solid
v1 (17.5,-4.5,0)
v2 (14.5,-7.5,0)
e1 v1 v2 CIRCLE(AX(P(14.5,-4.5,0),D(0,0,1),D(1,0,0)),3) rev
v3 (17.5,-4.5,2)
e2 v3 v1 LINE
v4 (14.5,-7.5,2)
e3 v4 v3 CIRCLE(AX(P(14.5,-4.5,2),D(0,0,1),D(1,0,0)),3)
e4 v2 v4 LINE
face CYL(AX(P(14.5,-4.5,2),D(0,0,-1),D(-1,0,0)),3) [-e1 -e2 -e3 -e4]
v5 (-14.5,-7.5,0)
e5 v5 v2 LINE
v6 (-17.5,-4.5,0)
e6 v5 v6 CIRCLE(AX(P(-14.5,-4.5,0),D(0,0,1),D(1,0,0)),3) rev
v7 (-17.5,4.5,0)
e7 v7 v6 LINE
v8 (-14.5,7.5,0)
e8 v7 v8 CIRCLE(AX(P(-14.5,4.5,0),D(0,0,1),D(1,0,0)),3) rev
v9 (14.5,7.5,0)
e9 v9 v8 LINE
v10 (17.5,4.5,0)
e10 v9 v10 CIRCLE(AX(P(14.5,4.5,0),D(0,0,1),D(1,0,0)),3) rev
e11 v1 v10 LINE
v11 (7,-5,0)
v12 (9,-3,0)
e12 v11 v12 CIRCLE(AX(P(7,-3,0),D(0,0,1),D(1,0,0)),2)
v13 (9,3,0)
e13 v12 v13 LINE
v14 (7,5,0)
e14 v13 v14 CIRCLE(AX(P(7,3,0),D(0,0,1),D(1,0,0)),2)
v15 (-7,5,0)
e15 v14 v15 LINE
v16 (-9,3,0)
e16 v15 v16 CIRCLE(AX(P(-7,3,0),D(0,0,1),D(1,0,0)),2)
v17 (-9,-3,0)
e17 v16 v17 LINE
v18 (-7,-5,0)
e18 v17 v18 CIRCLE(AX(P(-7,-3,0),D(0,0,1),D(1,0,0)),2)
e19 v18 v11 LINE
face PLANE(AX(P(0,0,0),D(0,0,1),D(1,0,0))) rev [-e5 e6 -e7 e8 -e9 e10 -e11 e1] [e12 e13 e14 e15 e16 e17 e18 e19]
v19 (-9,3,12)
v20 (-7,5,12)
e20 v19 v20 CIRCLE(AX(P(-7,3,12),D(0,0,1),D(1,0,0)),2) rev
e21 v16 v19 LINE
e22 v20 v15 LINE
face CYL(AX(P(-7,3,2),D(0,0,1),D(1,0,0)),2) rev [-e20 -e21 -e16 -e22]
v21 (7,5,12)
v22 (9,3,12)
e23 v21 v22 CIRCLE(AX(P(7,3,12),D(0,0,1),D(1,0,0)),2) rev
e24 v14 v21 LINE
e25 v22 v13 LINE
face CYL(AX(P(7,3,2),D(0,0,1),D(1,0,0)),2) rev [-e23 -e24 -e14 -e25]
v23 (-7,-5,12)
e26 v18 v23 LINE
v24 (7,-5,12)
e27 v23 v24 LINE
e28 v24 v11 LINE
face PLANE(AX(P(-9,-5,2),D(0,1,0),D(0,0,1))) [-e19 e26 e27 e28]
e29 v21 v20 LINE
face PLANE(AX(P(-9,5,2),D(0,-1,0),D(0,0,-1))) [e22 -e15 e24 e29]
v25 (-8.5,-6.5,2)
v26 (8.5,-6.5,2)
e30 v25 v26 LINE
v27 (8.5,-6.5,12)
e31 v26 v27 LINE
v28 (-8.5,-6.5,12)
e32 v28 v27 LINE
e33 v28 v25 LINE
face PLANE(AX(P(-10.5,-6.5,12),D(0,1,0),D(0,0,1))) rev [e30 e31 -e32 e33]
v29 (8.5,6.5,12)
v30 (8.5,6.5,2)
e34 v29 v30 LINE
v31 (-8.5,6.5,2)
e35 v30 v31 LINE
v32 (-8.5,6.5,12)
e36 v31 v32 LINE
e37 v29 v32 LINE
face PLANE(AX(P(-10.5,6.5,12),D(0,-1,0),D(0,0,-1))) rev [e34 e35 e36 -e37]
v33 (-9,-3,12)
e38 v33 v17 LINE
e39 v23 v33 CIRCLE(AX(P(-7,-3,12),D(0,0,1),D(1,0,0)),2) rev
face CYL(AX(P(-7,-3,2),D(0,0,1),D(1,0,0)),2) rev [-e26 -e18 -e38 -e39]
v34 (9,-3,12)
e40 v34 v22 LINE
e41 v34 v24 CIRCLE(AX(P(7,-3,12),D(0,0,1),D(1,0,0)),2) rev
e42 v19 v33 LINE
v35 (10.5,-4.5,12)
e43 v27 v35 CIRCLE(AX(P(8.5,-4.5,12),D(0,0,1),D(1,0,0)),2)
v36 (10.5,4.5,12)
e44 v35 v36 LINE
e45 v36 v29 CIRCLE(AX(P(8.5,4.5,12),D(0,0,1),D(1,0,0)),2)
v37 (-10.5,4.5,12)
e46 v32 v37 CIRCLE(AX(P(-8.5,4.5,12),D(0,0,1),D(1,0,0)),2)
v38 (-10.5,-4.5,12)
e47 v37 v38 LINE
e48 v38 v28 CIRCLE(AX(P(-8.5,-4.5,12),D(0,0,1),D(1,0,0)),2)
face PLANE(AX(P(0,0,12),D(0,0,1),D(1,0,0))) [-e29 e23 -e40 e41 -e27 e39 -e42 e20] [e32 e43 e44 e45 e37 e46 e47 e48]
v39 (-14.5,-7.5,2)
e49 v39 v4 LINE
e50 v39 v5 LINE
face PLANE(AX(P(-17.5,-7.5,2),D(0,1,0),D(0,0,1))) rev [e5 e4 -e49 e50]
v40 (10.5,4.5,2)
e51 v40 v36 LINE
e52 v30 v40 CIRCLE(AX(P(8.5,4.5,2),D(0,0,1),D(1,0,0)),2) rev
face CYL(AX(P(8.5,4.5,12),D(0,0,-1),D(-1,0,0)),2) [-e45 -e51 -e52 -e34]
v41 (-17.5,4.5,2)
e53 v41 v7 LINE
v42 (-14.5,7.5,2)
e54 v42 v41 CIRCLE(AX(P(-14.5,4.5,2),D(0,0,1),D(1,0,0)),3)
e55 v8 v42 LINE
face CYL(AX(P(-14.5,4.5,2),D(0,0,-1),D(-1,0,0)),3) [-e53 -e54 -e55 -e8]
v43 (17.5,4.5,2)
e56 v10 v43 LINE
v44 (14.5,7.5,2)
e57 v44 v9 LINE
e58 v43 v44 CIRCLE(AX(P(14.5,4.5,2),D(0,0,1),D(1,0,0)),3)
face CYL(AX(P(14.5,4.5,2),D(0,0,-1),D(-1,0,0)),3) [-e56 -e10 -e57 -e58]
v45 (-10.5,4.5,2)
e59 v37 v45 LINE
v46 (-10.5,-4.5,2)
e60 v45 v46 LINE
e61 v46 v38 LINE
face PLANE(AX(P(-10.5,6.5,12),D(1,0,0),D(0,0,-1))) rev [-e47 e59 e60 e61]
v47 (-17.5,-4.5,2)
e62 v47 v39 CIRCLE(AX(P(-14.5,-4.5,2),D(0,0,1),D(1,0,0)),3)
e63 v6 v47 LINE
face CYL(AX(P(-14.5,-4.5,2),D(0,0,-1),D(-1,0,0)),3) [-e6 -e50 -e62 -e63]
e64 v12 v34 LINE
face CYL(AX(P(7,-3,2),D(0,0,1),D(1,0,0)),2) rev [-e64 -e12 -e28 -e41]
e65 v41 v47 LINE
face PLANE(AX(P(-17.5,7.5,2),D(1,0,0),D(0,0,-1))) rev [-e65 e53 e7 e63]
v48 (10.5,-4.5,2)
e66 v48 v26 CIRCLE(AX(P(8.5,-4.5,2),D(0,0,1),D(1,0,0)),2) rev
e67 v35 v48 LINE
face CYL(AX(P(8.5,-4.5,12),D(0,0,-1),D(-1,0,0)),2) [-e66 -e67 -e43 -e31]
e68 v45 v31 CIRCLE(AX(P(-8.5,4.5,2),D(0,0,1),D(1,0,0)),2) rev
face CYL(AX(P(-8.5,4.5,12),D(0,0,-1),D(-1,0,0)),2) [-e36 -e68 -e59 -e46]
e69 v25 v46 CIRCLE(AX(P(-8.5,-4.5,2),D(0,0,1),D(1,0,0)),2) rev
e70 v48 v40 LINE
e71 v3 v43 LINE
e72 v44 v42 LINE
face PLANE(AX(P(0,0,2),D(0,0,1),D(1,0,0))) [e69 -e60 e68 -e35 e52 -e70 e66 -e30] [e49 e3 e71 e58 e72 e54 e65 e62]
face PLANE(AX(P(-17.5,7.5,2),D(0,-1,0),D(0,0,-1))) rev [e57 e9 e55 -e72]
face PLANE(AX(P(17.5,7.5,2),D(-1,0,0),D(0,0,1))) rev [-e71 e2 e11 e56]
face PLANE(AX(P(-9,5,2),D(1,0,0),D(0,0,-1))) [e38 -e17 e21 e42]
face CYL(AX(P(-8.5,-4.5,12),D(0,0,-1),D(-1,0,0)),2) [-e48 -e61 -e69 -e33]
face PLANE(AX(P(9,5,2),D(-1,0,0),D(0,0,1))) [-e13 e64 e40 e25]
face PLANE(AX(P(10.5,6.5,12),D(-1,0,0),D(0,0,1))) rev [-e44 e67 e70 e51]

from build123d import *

# Parameters (mm, degrees)
SKETCH_1_W      = 35
SKETCH_1_H      = 15
SKETCH_1_W_2    = 18
SKETCH_1_H_2    = 10
EXTRUDE_1_DEPTH = 2
SKETCH_2_W      = 21
SKETCH_2_H      = 13
SKETCH_2_W_2    = 18
SKETCH_2_H_2    = 10
EXTRUDE_2_DEPTH = 10
FILLET_1_R      = 3
FILLET_2_R      = 2
FILLET_3_R      = 2


with BuildPart() as part:
    # 草图1 → 凸台-拉伸1 (new body)
    with BuildSketch(Plane.XY):
        Rectangle(SKETCH_1_W, SKETCH_1_H)
        Rectangle(SKETCH_1_W_2, SKETCH_1_H_2, mode=Mode.SUBTRACT)
    extrude(amount=EXTRUDE_1_DEPTH)

    # 草图2 → 凸台-拉伸2 (add)
    with BuildSketch(Plane.XY.offset(2)):
        Rectangle(SKETCH_2_W, SKETCH_2_H)
        Rectangle(SKETCH_2_W_2, SKETCH_2_H_2, mode=Mode.SUBTRACT)
    extrude(amount=EXTRUDE_2_DEPTH)

    # 圆角1
    fillet_1_edges = [part.edges().sort_by_distance(p)[0] for p in [
        (17.5, -7.5, 1),
        (-17.5, -7.5, 1),
        (-17.5, 7.5, 1),
        (17.5, 7.5, 1),
    ]]
    fillet(fillet_1_edges, radius=FILLET_1_R)

    # 圆角2
    fillet_2_edges = [part.edges().sort_by_distance(p)[0] for p in [
        (9, -5, 6),
        (9, 5, 6),
        (-9, 5, 6),
        (-9, -5, 6),
    ]]
    fillet(fillet_2_edges, radius=FILLET_2_R)

    # 圆角3
    fillet_3_edges = [part.edges().sort_by_distance(p)[0] for p in [
        (10.5, -6.5, 7),
        (10.5, 6.5, 7),
        (-10.5, 6.5, 7),
        (-10.5, -6.5, 7),
    ]]
    fillet(fillet_3_edges, radius=FILLET_3_R)


solid = part.part
